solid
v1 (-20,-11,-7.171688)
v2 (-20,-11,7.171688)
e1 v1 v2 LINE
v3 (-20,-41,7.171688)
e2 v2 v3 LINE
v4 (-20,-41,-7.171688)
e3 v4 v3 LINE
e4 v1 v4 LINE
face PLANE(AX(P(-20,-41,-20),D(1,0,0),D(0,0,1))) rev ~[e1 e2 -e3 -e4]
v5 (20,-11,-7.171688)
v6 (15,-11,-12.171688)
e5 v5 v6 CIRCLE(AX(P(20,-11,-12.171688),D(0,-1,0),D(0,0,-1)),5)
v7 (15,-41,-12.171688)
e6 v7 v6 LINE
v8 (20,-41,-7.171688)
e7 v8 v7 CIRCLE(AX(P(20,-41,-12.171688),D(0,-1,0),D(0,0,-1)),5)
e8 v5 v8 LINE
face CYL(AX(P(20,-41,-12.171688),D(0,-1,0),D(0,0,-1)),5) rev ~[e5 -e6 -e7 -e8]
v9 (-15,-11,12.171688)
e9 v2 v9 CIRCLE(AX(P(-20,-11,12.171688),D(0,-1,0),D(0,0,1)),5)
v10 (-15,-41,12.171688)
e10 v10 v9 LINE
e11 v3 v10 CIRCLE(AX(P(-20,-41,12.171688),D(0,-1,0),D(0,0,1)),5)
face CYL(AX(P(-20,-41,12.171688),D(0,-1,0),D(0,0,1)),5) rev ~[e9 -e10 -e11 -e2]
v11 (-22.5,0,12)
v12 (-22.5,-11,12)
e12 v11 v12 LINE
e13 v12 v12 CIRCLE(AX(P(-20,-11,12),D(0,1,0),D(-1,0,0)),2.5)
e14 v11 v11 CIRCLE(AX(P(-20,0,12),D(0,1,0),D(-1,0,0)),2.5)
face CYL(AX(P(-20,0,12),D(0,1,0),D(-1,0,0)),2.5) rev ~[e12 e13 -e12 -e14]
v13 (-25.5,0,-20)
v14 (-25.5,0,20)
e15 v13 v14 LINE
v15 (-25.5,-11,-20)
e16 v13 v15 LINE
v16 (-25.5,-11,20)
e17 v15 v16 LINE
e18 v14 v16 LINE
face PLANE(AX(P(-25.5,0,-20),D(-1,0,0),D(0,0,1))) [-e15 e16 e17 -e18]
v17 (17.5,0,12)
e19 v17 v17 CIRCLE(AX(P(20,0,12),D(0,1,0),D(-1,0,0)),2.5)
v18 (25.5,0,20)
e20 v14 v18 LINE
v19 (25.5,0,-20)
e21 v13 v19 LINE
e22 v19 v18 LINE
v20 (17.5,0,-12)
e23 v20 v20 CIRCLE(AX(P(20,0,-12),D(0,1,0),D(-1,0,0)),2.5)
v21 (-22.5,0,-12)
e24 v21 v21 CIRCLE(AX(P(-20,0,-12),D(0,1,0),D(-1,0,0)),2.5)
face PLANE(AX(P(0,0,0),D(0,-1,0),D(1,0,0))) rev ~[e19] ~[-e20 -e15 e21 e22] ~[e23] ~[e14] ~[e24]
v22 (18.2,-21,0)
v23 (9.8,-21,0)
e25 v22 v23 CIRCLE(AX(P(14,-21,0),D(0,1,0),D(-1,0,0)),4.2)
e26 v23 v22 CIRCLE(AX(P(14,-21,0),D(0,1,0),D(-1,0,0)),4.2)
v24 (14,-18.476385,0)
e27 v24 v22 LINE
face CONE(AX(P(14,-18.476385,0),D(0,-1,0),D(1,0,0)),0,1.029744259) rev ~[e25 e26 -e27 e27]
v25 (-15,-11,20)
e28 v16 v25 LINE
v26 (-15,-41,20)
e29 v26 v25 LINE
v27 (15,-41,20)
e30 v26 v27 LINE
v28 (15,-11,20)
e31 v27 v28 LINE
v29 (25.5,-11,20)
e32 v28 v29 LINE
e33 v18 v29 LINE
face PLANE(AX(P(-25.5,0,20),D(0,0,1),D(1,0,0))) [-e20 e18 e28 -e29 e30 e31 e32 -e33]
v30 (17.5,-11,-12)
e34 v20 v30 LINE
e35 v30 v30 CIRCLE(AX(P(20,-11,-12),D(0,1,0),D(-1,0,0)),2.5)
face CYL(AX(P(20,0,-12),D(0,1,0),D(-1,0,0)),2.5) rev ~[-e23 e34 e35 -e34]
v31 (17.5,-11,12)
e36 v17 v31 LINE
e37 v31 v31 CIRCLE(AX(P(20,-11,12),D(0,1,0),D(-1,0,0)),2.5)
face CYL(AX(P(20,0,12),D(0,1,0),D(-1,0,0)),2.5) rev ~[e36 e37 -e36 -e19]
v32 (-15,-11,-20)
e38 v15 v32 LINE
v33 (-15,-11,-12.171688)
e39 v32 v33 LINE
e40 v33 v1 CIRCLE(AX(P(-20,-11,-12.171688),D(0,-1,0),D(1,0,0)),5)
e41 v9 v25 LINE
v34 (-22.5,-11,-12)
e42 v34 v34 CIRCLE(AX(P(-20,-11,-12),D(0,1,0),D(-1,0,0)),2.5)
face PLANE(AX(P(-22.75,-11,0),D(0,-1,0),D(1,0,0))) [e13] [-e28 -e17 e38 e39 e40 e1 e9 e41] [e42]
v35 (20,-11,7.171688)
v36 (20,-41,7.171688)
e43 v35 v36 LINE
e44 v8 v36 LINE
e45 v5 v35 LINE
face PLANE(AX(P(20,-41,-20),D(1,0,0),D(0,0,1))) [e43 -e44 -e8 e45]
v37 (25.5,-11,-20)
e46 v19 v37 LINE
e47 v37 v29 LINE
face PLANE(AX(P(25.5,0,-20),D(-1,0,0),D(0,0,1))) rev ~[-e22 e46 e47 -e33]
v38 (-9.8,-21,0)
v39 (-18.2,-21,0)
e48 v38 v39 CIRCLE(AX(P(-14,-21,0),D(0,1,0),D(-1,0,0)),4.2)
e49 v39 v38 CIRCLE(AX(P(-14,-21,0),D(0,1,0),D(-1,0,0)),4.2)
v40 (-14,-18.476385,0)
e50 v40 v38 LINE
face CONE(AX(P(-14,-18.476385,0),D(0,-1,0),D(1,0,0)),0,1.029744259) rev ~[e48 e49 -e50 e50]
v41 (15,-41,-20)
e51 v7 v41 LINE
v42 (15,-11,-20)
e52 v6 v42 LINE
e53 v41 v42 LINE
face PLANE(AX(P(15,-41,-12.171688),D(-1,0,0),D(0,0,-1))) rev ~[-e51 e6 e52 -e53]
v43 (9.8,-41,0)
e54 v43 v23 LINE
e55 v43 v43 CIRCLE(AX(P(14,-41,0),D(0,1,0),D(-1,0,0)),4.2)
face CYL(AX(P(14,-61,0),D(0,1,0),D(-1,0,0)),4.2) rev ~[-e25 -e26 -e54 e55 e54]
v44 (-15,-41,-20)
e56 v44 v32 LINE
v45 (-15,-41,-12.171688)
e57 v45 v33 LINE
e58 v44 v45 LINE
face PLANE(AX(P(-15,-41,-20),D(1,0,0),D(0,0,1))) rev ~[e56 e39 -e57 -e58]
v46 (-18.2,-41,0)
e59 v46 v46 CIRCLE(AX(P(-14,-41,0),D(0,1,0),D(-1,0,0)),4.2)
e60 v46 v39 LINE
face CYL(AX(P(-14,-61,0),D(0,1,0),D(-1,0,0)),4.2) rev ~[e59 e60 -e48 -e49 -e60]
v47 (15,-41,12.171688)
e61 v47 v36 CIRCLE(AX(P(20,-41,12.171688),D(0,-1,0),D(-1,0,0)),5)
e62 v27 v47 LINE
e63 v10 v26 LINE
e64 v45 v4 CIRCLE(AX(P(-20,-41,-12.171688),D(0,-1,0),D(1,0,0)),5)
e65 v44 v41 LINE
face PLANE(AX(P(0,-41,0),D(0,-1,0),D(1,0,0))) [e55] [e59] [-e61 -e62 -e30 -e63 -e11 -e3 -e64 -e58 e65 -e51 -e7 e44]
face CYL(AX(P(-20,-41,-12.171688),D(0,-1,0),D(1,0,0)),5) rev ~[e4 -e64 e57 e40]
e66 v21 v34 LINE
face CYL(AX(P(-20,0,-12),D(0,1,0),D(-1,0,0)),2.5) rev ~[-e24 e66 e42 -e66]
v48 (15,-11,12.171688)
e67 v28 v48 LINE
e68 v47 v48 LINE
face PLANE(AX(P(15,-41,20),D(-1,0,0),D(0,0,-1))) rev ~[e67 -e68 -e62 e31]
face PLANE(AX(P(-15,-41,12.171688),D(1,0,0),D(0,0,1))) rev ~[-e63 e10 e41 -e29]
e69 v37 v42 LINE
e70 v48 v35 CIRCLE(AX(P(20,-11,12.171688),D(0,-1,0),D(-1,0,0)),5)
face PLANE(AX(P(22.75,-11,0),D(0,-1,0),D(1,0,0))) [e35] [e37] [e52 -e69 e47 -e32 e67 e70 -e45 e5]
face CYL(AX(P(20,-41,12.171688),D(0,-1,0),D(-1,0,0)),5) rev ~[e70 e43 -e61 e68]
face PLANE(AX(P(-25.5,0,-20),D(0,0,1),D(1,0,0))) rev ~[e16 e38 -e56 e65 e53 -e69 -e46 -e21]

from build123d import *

# Parameters (mm, degrees)
F0_W     = 51
F0_H     = 40
F1_DEPTH = 41
F4_W     = 5.5
F4_H     = 40
F5_DEPTH = 30
F7_DEPTH = 30
F2_R     = 2.5
F8_DEPTH = 41.001
F9_D     = 8.4
F9_DEPTH = 20
F9_TIP   = 2.5236145999


with BuildPart() as f1:
    # F0 (on Front) → F1 (new body)
    with BuildSketch(Plane.XZ):
        Rectangle(F0_W, F0_H)
    extrude(amount=F1_DEPTH)

    # F4 (on face) → F5 (cut)
    with BuildSketch(Plane.XZ.offset(41)):
        with Locations((22.75, 0)):
            Rectangle(F4_W, F4_H)
        with Locations((-22.75, 0)):
            Rectangle(F4_W, F4_H)
    extrude(amount=-F5_DEPTH, mode=Mode.SUBTRACT)

    # F6 (on face) → F7 (cut)
    with BuildSketch(Plane.XZ.offset(41)):
        with BuildLine():
            Line((-20, 20), (-20, 17.1716884745))
            ThreePointArc((-20, 17.1716884745), (-23.5355339059, 8.6361545685), (-15, 12.1716884745))
            Line((-15, 12.1716884745), (-15, 20))
            Line((-15, 20), (-20, 20))
        make_face()
        with BuildLine():
            Line((20, 17.1716884745), (20, 20))
            Line((20, 20), (15, 20))
            Line((15, 20), (15, 12.1716884745))
            ThreePointArc((15, 12.1716884745), (23.5355339059, 8.6361545685), (20, 17.1716884745))
        make_face()
        with BuildLine():
            Line((20, -20), (20, -17.1716884745))
            ThreePointArc((20, -17.1716884745), (23.5355339059, -8.6361545685), (15, -12.1716884745))
            Line((15, -12.1716884745), (15, -20))
            Line((15, -20), (20, -20))
        make_face()
        with BuildLine():
            ThreePointArc((-15, -12.1716884745), (-23.5355339059, -8.6361545685), (-20, -17.1716884745))
            Line((-20, -17.1716884745), (-20, -20))
            Line((-20, -20), (-15, -20))
            Line((-15, -20), (-15, -12.1716884745))
        make_face()
    extrude(amount=-F7_DEPTH, mode=Mode.SUBTRACT)

    # F2 (on face) → F8 (cut, through all)
    with BuildSketch(Plane(origin=(0, 0, 0), x_dir=(-1, 0, 0), z_dir=(0, 1, 0))):
        with Locations((-20, 12)):
            Circle(F2_R)
        with Locations((-20, -12)):
            Circle(F2_R)
        with Locations((20, -12)):
            Circle(F2_R)
        with Locations((20, 12)):
            Circle(F2_R)
    extrude(amount=-F8_DEPTH, mode=Mode.SUBTRACT)

    # F9
    with Locations(Plane.XZ.offset(41)):
        with Locations((-14, 0), (14, 0)):
            Hole(F9_D / 2, depth=F9_DEPTH)
            with Locations((0, 0, -(F9_DEPTH + F9_TIP / 2))):  # 118° drill point
                Cone(0, F9_D / 2, F9_TIP, mode=Mode.SUBTRACT)


solid = f1.part
